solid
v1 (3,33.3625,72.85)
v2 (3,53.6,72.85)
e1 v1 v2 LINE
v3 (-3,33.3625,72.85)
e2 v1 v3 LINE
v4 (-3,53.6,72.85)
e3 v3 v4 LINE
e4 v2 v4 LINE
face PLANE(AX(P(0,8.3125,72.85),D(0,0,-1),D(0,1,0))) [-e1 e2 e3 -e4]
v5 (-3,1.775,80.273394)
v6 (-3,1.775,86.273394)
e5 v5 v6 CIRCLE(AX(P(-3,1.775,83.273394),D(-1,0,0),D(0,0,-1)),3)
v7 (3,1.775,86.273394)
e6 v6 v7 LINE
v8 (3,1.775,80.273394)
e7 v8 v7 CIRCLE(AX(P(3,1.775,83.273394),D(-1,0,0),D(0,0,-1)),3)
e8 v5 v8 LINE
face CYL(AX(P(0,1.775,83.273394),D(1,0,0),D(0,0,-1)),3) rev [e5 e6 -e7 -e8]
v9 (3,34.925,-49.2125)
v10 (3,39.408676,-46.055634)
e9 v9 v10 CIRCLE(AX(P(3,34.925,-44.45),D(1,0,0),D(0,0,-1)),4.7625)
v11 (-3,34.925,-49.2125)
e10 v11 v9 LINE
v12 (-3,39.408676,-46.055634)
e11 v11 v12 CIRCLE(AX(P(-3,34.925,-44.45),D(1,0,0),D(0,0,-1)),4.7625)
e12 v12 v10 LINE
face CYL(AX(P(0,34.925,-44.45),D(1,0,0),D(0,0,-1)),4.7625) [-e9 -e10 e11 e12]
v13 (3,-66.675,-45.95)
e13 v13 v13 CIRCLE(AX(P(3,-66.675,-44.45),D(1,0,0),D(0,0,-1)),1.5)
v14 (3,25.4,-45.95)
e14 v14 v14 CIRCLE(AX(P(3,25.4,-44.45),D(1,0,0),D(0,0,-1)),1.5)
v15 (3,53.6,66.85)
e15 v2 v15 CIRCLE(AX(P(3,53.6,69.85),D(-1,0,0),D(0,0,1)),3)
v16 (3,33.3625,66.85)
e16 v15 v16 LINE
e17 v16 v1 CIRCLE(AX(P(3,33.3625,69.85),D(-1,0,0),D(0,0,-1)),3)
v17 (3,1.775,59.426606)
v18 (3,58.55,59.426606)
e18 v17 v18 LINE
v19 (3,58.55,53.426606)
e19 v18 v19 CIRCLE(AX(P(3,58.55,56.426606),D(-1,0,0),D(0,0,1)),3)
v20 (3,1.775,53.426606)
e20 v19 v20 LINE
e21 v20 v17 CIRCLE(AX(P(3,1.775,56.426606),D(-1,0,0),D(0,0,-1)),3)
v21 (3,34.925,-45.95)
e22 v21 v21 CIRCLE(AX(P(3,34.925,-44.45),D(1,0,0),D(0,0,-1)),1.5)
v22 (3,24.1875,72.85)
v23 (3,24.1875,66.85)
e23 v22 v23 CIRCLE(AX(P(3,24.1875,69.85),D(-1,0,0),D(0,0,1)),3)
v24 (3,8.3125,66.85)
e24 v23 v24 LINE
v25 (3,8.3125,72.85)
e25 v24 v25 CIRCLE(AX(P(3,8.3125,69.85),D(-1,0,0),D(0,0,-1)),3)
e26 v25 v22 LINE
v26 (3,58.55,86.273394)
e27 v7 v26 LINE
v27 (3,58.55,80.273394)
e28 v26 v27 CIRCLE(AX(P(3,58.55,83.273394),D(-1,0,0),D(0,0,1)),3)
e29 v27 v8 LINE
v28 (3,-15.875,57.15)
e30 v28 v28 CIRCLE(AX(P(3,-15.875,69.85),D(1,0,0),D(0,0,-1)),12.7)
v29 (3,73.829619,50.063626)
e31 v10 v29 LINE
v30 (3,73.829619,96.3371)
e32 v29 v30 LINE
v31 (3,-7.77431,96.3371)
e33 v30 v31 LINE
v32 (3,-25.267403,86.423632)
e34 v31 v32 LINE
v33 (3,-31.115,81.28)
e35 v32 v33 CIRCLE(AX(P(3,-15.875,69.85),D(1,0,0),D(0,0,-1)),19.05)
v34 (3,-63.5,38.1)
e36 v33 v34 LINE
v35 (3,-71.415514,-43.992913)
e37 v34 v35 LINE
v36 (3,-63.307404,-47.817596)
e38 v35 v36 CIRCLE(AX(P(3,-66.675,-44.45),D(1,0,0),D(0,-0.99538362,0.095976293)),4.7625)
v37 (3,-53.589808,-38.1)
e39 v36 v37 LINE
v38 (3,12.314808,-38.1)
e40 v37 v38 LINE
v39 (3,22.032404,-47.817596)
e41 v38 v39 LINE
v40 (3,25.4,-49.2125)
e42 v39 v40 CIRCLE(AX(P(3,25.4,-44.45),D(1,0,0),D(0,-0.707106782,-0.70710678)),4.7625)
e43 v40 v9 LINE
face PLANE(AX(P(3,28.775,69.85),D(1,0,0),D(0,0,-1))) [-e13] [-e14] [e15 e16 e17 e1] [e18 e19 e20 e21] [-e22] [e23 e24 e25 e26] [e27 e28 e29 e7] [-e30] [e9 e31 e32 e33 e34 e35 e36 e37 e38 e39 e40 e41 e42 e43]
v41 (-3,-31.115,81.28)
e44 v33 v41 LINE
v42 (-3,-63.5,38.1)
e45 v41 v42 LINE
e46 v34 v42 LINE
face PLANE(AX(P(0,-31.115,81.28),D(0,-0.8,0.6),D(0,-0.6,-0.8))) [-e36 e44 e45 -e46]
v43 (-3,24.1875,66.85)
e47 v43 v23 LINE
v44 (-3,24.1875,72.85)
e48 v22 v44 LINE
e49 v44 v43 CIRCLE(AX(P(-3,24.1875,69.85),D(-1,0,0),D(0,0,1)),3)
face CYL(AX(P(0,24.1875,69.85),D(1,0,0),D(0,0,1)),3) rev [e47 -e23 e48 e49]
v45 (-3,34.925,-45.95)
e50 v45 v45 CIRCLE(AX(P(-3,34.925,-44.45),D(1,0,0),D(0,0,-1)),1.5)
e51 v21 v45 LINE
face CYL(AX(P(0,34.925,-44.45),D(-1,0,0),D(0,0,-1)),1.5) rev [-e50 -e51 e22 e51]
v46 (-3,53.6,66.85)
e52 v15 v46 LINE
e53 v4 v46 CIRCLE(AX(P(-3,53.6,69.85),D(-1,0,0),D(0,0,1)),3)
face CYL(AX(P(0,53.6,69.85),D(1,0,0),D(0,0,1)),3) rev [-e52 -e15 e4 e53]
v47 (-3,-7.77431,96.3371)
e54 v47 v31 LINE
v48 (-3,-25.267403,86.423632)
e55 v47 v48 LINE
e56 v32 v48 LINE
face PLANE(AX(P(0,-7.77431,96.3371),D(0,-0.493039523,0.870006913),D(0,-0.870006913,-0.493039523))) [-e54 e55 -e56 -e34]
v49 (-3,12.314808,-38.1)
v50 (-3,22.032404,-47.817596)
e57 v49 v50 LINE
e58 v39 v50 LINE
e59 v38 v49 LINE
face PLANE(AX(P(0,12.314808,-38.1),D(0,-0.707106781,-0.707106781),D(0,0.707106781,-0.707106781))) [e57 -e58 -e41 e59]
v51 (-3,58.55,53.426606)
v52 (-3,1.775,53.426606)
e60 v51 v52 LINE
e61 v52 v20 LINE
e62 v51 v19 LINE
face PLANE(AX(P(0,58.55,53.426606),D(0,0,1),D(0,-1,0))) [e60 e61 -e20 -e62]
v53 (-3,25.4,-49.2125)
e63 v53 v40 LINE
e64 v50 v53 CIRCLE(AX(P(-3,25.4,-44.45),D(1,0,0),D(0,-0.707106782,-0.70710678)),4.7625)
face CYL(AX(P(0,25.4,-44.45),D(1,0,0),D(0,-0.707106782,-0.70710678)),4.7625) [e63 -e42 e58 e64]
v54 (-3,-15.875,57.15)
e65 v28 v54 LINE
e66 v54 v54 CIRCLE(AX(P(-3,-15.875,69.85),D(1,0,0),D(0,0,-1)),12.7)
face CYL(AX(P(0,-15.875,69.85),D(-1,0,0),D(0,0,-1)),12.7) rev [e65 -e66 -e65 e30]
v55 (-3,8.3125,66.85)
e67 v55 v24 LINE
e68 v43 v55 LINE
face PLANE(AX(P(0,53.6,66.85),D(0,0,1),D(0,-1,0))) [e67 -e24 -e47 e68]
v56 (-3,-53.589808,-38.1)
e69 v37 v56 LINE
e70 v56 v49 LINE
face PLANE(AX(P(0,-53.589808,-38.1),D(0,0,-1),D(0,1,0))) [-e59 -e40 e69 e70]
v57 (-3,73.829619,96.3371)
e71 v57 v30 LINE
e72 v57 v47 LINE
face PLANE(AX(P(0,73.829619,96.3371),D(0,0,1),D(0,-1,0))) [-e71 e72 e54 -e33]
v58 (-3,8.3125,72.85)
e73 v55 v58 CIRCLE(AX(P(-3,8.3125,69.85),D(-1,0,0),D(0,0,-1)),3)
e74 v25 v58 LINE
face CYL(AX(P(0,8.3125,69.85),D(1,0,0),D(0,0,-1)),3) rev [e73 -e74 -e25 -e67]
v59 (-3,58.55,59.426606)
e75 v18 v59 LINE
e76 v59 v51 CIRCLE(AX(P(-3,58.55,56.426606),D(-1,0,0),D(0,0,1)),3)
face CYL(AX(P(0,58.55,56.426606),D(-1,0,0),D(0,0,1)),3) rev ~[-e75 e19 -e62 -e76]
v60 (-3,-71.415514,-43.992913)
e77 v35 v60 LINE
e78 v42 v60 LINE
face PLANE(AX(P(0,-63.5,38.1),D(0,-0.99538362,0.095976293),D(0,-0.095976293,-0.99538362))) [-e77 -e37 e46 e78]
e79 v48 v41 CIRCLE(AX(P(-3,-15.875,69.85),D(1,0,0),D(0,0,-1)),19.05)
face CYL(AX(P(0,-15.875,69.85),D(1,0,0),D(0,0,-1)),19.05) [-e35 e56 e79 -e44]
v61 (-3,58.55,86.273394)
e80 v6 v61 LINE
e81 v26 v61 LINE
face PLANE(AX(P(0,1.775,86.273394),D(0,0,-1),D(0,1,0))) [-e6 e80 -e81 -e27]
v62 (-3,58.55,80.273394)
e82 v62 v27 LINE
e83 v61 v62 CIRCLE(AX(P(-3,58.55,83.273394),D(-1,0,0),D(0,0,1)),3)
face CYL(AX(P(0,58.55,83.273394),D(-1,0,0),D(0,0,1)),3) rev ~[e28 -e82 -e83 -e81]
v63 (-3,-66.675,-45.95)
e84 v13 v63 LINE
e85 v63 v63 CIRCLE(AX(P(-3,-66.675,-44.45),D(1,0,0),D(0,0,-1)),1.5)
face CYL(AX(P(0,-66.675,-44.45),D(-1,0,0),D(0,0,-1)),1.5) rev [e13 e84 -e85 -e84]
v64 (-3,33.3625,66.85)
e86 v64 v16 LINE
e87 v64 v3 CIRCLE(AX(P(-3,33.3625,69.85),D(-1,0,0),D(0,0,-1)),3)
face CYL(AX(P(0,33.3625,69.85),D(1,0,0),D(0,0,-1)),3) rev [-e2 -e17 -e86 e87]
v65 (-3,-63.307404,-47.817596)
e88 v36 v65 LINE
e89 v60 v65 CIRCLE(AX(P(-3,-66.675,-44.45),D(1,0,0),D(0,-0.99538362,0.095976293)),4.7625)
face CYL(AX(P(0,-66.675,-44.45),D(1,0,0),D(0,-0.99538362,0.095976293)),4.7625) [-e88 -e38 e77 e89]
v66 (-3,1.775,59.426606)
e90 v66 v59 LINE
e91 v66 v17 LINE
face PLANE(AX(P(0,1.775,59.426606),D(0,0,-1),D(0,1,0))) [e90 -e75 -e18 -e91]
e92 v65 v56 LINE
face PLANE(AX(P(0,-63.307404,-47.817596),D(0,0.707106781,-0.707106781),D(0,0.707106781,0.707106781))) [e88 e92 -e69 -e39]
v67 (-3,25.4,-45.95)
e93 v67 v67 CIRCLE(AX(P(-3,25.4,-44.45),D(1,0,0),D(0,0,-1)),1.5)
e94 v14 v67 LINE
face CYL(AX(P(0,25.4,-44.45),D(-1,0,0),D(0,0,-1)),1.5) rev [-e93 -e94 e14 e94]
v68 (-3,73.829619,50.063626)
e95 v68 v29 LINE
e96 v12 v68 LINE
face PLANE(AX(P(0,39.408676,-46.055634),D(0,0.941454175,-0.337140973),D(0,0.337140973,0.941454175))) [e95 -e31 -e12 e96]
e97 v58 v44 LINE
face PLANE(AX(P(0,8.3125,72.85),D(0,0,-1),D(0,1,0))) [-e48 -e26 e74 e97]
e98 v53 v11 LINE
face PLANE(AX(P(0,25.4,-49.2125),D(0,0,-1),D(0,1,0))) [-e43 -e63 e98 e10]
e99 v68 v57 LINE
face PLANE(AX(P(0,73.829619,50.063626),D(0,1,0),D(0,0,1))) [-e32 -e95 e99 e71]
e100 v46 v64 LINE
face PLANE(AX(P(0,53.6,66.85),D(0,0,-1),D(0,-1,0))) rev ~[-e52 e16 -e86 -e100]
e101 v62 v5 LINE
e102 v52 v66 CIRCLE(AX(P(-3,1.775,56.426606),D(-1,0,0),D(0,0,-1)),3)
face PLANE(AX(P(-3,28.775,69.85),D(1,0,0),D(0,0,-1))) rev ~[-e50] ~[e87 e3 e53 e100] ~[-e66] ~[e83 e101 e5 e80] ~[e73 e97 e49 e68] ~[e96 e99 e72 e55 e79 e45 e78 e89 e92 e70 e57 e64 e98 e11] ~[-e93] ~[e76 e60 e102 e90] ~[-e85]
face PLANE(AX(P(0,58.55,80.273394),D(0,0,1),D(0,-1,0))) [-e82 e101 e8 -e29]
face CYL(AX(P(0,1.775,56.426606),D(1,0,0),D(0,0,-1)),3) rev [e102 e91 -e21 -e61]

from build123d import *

# Parameters (mm, degrees)
SKETCH4_R           = 1.5
SKETCH4_R_2         = 19.05
SKETCH4_R_3         = 12.7
BOSS_EXTRUDE1_DEPTH = 3


with BuildPart() as part:
    # Sketch4 → Boss-Extrude1 (new, symmetric)
    # profile 1 of 3: a face of its own
    with BuildSketch(Plane(origin=(0, 0, 0), x_dir=(0, 0, -1), z_dir=(1, 0, 0))):
        with BuildLine():
            ThreePointArc((47.817596045, 22.032403955), (48.849976274, 23.577470153), (49.2125, 25.4))
            Line((49.2125, 25.4), (49.2125, 34.925))
            ThreePointArc((49.2125, 34.925), (48.344113354, 37.66676721), (46.055633886, 39.40867551))
            Line((46.055633886, 39.40867551), (-50.063626234, 73.829618952))
            Line((-50.063626234, 73.829618952), (-96.337100071, 73.829618952))
            Line((-96.337100071, 73.829618952), (-96.337100071, -7.774310331))
            Line((-96.337100071, -7.774310331), (-86.423631694, -25.267402912))
            ThreePointArc((-86.423631694, -25.267402912), (-74.706686948, 2.545507373), (-50.8, -15.875))
            ThreePointArc((-50.8, -15.875), (-61.330581006, -32.913837989), (-81.28, -31.115))
            Line((-81.28, -31.115), (-38.1, -63.5))
            Line((-38.1, -63.5), (43.992912904, -71.415514491))
            ThreePointArc((43.992912904, -71.415514491), (48.757334408, -68.706816071), (47.817596045, -63.307403955))
            Line((47.817596045, -63.307403955), (38.1, -53.589807909))
            Line((38.1, -53.589807909), (38.1, 12.314807909))
            Line((38.1, 12.314807909), (47.817596045, 22.032403955))
        make_face()
        with Locations((44.45, -66.675)):
            Circle(SKETCH4_R, mode=Mode.SUBTRACT)
        with BuildLine():
            ThreePointArc((-80.273393759, 1.775), (-83.273393759, -1.225), (-86.273393759, 1.775))
            Line((-86.273393759, 1.775), (-86.273393759, 58.55))
            ThreePointArc((-86.273393759, 58.55), (-83.273393759, 61.55), (-80.273393759, 58.55))
            Line((-80.273393759, 58.55), (-80.273393759, 1.775))
        make_face(mode=Mode.SUBTRACT)
        with BuildLine():
            ThreePointArc((-66.85, 8.3125), (-69.85, 5.3125), (-72.85, 8.3125))
            Line((-72.85, 8.3125), (-72.85, 24.1875))
            Line((-72.85, 24.1875), (-72.85, 33.3625))
            Line((-72.85, 33.3625), (-72.85, 53.6))
            ThreePointArc((-72.85, 53.6), (-69.85, 56.6), (-66.85, 53.6))
            Line((-66.85, 53.6), (-66.85, 33.3625))
            Line((-66.85, 33.3625), (-66.85, 24.1875))
            Line((-66.85, 24.1875), (-66.85, 8.3125))
        make_face(mode=Mode.SUBTRACT)
        with BuildLine():
            ThreePointArc((-53.426606241, 1.775), (-56.426606241, -1.225), (-59.426606241, 1.775))
            Line((-59.426606241, 1.775), (-59.426606241, 58.55))
            ThreePointArc((-59.426606241, 58.55), (-56.426606241, 61.55), (-53.426606241, 58.55))
            Line((-53.426606241, 58.55), (-53.426606241, 1.775))
        make_face(mode=Mode.SUBTRACT)
        with Locations((44.45, 25.4)):
            Circle(SKETCH4_R, mode=Mode.SUBTRACT)
        with Locations((44.45, 34.925)):
            Circle(SKETCH4_R, mode=Mode.SUBTRACT)
    # profile 2 of 3: a face of its own
    with BuildSketch(Plane(origin=(0, 0, 0), x_dir=(0, 0, -1), z_dir=(1, 0, 0))):
        with Locations((-69.85, -15.875)):
            Circle(SKETCH4_R_2)
        with Locations((-69.85, -15.875)):
            Circle(SKETCH4_R_3, mode=Mode.SUBTRACT)
    # profile 3 of 3: a face of its own
    with BuildSketch(Plane(origin=(0, 0, 0), x_dir=(0, 0, -1), z_dir=(1, 0, 0))):
        with BuildLine():
            Line((-72.85, 33.3625), (-72.85, 24.1875))
            ThreePointArc((-72.85, 24.1875), (-69.85, 27.1875), (-66.85, 24.1875))
            Line((-66.85, 24.1875), (-66.85, 33.3625))
            ThreePointArc((-66.85, 33.3625), (-69.85, 30.3625), (-72.85, 33.3625))
        make_face()
    extrude(amount=BOSS_EXTRUDE1_DEPTH, both=True)


solid = part.part
